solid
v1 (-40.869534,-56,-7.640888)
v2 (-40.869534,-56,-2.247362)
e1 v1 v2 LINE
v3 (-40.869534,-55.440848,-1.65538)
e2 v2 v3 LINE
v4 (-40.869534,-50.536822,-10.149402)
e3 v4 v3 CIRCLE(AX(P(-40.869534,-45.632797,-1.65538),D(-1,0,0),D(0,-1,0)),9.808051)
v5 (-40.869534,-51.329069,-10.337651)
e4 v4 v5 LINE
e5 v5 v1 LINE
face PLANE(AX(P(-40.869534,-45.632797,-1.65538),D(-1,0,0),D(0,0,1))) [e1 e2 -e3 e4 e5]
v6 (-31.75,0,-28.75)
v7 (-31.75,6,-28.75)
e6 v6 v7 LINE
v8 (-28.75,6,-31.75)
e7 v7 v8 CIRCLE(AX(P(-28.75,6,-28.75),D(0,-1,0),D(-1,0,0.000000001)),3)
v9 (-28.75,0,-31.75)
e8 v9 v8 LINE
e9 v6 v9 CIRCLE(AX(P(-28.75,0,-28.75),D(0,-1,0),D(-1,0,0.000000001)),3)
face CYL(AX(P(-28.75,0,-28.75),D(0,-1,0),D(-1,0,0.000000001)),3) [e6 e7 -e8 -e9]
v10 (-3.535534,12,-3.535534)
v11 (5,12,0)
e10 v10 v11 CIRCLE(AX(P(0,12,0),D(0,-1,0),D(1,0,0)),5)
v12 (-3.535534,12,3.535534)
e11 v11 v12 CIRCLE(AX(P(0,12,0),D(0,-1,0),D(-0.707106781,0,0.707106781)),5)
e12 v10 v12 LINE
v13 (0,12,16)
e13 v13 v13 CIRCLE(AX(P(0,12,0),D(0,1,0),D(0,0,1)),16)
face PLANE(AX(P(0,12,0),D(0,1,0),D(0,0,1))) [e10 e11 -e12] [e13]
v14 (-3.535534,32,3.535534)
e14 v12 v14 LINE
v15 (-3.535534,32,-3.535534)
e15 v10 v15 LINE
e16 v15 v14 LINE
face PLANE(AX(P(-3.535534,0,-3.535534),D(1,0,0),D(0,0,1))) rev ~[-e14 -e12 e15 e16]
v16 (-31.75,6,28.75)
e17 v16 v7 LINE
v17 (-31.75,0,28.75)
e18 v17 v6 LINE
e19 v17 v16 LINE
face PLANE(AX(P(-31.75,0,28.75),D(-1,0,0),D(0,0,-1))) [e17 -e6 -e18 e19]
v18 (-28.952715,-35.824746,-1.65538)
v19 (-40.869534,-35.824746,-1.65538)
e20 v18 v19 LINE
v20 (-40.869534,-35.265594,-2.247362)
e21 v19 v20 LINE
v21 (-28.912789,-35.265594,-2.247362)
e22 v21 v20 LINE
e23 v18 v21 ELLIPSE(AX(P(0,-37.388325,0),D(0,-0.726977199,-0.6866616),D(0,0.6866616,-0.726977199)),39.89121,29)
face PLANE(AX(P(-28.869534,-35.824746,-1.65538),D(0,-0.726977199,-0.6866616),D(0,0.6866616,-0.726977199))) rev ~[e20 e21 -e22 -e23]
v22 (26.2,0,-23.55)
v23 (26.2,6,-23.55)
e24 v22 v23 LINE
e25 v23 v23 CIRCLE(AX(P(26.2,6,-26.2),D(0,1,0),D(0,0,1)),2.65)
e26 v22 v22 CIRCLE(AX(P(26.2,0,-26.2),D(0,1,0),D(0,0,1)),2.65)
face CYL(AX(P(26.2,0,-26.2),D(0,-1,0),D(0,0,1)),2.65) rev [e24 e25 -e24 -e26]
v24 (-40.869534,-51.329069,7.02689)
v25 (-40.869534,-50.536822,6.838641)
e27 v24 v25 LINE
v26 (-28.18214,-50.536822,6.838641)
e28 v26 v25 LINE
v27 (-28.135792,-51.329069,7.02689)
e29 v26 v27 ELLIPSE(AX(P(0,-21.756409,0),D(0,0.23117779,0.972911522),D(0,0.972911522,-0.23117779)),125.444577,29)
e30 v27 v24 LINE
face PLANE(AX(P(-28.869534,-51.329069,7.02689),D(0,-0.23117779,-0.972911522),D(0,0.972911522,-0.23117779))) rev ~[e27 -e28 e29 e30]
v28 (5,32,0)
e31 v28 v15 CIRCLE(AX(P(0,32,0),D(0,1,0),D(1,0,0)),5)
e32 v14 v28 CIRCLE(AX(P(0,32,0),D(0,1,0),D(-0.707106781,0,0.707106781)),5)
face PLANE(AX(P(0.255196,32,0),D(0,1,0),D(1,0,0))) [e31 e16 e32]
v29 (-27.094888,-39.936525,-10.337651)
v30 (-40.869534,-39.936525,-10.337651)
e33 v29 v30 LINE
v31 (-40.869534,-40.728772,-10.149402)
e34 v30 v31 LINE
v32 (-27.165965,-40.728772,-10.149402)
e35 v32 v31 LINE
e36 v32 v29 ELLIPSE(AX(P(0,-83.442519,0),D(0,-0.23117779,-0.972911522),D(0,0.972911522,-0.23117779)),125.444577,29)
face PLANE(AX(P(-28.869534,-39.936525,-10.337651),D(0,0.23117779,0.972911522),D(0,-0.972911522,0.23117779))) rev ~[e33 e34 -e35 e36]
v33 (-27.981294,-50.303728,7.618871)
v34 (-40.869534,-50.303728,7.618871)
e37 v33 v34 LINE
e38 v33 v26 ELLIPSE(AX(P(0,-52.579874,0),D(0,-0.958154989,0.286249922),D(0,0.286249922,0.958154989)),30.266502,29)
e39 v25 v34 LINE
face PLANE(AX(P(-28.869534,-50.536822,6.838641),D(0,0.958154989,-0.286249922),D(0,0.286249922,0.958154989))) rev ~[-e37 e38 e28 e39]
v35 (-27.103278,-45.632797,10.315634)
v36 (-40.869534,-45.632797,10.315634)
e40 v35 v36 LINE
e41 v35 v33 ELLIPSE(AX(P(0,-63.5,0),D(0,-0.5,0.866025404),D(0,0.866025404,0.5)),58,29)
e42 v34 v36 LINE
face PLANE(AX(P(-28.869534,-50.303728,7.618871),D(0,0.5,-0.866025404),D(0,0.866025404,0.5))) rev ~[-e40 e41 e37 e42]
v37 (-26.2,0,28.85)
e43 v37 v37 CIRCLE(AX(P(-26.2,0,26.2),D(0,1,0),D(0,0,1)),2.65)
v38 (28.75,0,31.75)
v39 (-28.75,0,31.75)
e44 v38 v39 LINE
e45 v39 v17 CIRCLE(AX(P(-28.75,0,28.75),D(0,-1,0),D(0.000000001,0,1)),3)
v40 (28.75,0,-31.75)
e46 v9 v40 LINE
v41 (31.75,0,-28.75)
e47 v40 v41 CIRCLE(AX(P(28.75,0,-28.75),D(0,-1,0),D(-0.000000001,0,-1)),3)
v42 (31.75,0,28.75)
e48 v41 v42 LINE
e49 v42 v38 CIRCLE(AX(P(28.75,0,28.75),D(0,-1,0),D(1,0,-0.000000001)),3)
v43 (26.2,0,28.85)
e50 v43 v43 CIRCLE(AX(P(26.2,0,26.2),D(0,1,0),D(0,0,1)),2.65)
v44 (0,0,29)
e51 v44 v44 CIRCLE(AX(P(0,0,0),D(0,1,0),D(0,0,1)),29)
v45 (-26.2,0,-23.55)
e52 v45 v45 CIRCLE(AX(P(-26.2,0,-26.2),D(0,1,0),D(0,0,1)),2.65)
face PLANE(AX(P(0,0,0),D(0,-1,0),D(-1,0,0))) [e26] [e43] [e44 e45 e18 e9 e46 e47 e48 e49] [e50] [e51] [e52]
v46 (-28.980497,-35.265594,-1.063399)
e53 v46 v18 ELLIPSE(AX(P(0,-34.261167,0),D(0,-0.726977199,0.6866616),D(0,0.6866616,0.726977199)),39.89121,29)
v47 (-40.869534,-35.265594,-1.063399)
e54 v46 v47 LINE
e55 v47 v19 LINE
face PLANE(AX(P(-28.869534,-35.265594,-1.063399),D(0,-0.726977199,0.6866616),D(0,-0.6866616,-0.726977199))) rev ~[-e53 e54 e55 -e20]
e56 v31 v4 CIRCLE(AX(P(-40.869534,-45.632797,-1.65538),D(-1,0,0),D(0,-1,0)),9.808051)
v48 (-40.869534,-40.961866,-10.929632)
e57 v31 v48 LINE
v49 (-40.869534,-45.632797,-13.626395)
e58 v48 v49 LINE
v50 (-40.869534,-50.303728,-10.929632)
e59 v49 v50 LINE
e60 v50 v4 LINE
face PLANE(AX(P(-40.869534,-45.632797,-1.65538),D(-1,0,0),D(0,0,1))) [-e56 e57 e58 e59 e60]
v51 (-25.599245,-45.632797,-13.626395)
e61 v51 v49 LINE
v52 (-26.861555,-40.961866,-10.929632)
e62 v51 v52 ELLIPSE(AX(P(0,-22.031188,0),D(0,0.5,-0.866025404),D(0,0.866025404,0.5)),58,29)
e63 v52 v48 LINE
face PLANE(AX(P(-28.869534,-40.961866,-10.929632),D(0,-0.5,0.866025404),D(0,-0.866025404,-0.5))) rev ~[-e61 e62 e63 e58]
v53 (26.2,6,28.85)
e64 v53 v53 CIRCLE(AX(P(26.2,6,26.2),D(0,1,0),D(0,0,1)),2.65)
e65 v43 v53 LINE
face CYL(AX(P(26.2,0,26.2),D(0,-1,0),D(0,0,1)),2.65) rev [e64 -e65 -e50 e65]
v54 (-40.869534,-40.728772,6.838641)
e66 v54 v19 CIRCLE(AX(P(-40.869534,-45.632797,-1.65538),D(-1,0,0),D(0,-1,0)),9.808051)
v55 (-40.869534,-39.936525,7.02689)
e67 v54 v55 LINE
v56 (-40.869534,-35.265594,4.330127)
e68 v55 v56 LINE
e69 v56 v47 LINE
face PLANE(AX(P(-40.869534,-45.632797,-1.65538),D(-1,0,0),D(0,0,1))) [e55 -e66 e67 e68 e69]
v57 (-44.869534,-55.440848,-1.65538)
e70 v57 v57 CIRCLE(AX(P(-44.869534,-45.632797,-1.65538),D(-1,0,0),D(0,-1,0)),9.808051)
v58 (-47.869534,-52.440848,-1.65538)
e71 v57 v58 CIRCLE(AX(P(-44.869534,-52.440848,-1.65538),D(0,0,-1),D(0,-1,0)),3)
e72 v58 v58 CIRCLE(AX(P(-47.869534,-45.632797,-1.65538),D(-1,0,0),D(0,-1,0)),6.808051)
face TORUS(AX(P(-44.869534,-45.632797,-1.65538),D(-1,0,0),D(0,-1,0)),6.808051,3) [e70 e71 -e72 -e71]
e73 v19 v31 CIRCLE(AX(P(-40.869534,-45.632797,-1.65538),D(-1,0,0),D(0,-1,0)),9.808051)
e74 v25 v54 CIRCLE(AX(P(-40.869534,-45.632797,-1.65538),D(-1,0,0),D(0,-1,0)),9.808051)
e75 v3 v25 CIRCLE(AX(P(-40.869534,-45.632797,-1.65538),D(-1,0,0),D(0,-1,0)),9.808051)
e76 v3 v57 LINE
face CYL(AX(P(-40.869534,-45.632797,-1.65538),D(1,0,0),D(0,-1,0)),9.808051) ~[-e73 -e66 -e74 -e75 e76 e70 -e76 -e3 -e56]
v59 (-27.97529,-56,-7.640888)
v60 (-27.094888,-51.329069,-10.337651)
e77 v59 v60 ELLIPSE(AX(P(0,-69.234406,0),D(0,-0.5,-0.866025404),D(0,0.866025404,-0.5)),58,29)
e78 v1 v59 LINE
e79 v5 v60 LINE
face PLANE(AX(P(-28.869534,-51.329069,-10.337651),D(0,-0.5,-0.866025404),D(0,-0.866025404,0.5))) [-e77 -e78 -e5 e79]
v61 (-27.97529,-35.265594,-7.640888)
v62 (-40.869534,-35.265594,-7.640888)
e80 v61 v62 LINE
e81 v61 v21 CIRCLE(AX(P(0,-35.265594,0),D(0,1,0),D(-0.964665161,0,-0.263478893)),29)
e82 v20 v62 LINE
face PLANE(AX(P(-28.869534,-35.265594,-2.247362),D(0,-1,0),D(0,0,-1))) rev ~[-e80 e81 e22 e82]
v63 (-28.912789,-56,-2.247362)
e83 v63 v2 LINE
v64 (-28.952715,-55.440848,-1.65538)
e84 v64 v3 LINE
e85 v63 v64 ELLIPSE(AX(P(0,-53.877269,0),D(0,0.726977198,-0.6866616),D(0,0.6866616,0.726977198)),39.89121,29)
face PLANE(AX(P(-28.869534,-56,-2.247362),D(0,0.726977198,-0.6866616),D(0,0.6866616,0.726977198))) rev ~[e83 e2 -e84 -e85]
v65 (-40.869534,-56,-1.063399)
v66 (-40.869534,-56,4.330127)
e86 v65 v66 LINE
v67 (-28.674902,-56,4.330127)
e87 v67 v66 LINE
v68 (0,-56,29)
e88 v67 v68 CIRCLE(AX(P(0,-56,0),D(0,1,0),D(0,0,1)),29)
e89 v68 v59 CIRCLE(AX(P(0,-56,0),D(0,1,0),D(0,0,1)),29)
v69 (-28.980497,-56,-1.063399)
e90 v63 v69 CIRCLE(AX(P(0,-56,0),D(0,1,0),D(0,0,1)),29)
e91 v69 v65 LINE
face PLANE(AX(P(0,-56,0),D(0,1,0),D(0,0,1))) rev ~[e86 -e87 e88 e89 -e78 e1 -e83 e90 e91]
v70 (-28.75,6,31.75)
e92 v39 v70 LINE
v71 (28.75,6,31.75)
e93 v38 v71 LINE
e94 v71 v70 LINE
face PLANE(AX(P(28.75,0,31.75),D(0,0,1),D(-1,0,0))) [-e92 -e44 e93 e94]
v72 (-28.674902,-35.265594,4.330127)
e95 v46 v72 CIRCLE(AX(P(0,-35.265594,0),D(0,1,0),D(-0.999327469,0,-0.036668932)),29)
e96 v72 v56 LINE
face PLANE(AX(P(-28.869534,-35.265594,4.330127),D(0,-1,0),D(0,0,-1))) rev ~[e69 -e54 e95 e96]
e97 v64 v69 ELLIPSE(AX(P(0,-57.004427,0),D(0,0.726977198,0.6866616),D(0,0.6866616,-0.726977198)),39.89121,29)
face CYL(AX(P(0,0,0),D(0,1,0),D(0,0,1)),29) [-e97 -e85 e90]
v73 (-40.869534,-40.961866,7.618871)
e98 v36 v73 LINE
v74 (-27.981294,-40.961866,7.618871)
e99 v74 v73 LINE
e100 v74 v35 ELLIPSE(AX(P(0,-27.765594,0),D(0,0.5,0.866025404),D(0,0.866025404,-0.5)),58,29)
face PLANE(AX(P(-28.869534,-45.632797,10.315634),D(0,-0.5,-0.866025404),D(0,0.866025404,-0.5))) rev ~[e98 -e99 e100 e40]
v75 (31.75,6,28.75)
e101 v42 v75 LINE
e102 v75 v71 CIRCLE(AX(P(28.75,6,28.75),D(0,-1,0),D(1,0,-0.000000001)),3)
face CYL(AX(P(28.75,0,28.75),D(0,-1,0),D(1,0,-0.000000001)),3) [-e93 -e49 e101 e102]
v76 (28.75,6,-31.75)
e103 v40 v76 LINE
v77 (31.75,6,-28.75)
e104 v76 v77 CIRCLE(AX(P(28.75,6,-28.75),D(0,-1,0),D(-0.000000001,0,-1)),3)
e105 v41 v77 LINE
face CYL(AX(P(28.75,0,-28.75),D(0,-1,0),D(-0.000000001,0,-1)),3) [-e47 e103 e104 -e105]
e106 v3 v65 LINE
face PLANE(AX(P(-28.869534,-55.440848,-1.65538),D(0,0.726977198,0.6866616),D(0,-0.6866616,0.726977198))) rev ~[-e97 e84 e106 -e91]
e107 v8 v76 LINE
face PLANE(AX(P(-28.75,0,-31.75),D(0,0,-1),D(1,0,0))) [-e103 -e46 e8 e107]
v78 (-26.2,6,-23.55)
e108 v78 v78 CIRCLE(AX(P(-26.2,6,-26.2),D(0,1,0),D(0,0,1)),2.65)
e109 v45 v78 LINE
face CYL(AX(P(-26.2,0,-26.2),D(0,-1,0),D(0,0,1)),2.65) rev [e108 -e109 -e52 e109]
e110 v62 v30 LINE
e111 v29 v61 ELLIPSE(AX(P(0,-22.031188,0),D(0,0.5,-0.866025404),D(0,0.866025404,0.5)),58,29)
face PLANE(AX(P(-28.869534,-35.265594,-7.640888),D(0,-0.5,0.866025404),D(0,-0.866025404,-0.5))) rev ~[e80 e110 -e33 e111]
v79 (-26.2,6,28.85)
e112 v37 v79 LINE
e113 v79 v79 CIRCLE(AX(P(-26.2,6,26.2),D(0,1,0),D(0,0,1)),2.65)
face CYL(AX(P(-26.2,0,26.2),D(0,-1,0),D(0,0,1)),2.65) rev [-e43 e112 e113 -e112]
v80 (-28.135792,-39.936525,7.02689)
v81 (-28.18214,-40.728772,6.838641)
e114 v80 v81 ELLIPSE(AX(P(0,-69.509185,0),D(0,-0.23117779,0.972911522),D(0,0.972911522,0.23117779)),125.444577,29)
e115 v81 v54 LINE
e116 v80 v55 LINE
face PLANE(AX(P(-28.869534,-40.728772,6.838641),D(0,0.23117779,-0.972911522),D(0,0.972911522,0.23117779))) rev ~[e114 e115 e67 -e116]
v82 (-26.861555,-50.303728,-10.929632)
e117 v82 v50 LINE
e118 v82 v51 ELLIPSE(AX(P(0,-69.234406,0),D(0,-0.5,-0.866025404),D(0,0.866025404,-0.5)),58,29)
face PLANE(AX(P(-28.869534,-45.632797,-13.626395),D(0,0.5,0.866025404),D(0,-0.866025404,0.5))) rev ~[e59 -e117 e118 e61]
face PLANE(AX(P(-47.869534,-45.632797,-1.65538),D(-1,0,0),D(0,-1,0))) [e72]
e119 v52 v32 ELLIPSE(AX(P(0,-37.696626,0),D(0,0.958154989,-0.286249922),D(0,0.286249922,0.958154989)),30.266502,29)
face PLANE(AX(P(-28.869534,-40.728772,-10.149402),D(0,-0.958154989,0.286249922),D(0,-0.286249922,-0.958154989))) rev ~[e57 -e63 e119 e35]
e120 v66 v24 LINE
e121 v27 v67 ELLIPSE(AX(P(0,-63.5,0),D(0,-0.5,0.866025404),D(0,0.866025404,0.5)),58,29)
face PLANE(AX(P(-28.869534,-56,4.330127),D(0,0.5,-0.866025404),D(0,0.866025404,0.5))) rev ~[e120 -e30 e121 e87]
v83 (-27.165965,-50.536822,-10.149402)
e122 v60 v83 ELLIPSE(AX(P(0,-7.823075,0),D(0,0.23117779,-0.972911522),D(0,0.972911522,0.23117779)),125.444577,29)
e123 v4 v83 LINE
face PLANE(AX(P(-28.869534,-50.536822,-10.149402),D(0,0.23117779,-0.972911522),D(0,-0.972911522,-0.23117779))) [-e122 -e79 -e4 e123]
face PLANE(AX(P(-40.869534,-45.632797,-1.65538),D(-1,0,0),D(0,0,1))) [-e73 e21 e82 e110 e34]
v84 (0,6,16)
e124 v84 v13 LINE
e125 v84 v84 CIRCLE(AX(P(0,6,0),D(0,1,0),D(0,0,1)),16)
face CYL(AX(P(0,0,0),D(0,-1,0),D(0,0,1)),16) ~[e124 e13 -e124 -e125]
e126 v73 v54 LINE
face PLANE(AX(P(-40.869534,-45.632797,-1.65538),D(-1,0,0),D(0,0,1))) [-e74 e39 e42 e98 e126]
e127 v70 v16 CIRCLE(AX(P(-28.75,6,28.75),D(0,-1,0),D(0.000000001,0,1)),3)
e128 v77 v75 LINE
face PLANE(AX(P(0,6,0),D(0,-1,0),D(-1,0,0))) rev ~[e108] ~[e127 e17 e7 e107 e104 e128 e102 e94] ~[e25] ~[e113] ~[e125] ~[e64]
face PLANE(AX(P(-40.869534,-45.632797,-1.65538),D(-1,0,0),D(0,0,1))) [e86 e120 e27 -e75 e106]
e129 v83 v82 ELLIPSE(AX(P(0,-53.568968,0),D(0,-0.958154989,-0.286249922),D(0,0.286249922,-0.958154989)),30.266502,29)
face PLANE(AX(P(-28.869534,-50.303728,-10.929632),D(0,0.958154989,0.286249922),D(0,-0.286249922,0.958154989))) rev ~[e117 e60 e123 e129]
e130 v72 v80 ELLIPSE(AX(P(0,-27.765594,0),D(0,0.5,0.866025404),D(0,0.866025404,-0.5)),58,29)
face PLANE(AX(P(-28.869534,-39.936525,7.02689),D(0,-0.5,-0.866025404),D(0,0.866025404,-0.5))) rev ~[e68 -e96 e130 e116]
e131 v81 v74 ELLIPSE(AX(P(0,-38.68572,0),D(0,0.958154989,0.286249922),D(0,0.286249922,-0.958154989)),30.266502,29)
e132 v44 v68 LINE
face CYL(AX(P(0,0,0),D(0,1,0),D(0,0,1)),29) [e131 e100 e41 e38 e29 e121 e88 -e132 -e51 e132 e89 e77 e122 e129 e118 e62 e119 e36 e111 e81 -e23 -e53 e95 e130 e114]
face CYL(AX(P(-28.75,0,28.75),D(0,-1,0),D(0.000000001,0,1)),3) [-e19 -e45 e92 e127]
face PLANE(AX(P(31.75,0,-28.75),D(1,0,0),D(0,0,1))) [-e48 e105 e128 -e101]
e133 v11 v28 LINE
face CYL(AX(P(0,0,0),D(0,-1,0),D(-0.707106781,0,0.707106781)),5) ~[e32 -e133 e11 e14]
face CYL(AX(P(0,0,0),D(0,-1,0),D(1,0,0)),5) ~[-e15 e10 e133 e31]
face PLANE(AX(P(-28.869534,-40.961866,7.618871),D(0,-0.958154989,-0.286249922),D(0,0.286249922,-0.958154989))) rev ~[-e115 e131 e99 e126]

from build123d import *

# Parameters (mm, degrees)
BOSS_EXTRUDE1_DEPTH      = 32
SKETCH1_3_R              = 16
BOSS_EXTRUDE2_DEPTH      = 12
SKETCH1_4_R              = 2.65
SKETCH1_4_R_2            = 16
BOSS_EXTRUDE3_DEPTH      = 6
SKETCH1_5_R              = 29
BOSS_EXTRUDE4_DEPTH      = 56
BOSS_EXTRUDE5_DEPTH      = 12
BOSS_EXTRUDE5_DEPTH_BACK = 5
SKETCH3_R                = 9.808050829
BOSS_EXTRUDE6_DEPTH      = 7
FILLET1_R                = 3


with BuildPart() as part:
    # Sketch1 → Boss-Extrude1 (new body)
    with BuildSketch(Plane(origin=(0, 0, 0), x_dir=(1, 0, 0), z_dir=(0, 1, 0))):
        with BuildLine():
            Line((-3.535533906, 3.535533906), (-3.535533906, -3.535533906))
            ThreePointArc((-3.535533906, -3.535533906), (1.913417162, -4.619397663), (5, 0))
            ThreePointArc((5, 0), (1.913417162, 4.619397663), (-3.535533906, 3.535533906))
        make_face()
    extrude(amount=BOSS_EXTRUDE1_DEPTH)

    # Sketch1<3> → Boss-Extrude2 (add)
    with BuildSketch(Plane(origin=(0, 0, 0), x_dir=(1, 0, 0), z_dir=(0, 1, 0))):
        Circle(SKETCH1_3_R)
        with BuildLine():
            Line((-3.535533906, -3.535533906), (-3.535533906, 3.535533906))
            ThreePointArc((-3.535533906, 3.535533906), (5, 0), (-3.535533906, -3.535533906))
        make_face(mode=Mode.SUBTRACT)
    extrude(amount=BOSS_EXTRUDE2_DEPTH)

    # Sketch1<4> → Boss-Extrude3 (add)
    with BuildSketch(Plane(origin=(0, 0, 0), x_dir=(1, 0, 0), z_dir=(0, 1, 0))):
        with BuildLine():
            Line((28.75, 31.75), (-28.75, 31.75))
            ThreePointArc((-28.75, 31.75), (-30.871320344, 30.871320344), (-31.75, 28.75))
            Line((-31.75, 28.75), (-31.75, -28.75))
            ThreePointArc((-31.75, -28.75), (-30.871320344, -30.871320344), (-28.75, -31.75))
            Line((-28.75, -31.75), (28.75, -31.75))
            ThreePointArc((28.75, -31.75), (30.871320344, -30.871320344), (31.75, -28.75))
            Line((31.75, -28.75), (31.75, 28.75))
            ThreePointArc((31.75, 28.75), (30.871320344, 30.871320344), (28.75, 31.75))
        make_face()
        with Locations((-26.2, -26.2)):
            Circle(SKETCH1_4_R, mode=Mode.SUBTRACT)
        with Locations((26.2, -26.2)):
            Circle(SKETCH1_4_R, mode=Mode.SUBTRACT)
        with Locations((-26.2, 26.2)):
            Circle(SKETCH1_4_R, mode=Mode.SUBTRACT)
        with Locations((26.2, 26.2)):
            Circle(SKETCH1_4_R, mode=Mode.SUBTRACT)
        Circle(SKETCH1_4_R_2, mode=Mode.SUBTRACT)
    extrude(amount=BOSS_EXTRUDE3_DEPTH)

    # Sketch1<5> → Boss-Extrude4 (add)
    with BuildSketch(Plane(origin=(0, 0, 0), x_dir=(1, 0, 0), z_dir=(0, 1, 0))):
        Circle(SKETCH1_5_R)
    extrude(amount=-BOSS_EXTRUDE4_DEPTH)

    # Sketch2 → Boss-Extrude5 (add, two sides: drawn at the far end of the back side and taken through both)
    with BuildSketch(Plane.ZY.offset(28.869533834).offset(-BOSS_EXTRUDE5_DEPTH_BACK)):
        Polygon((-1.063399037, -56), (4.330127019, -56), (7.026890047, -51.32906942), (6.838640743, -50.536822393), (7.618871446, -50.303727559), (10.315634474, -45.632796979), (7.618871446, -40.961866399), (6.838640743, -40.728771565), (7.026890047, -39.936524538), (4.330127019, -35.265593958), (-1.063399037, -35.265593958), (-1.655380436, -35.82474615), (-2.247361835, -35.265593958), (-7.640887891, -35.265593958), (-10.337650919, -39.936524538), (-10.149401615, -40.728771565), (-10.929632318, -40.961866399), (-13.626395346, -45.632796979), (-10.929632318, -50.303727559), (-10.149401615, -50.536822393), (-10.337650919, -51.32906942), (-7.640887891, -56), (-2.247361835, -56), (-1.655380436, -55.440847807), align=None)
    extrude(amount=BOSS_EXTRUDE5_DEPTH + BOSS_EXTRUDE5_DEPTH_BACK)

    # Sketch3 → Boss-Extrude6 (add)
    with BuildSketch(Plane.ZY.offset(40.869533834)):
        with Locations((-1.655380436, -45.632796979)):
            Circle(SKETCH3_R)
    extrude(amount=BOSS_EXTRUDE6_DEPTH)

    # Fillet1
    fillet1_edges = [part.edges().sort_by_distance(p)[0] for p in [
        (-47.869533834, -45.632796979, -11.463431265),
    ]]
    fillet(fillet1_edges, radius=FILLET1_R)


solid = part.part
